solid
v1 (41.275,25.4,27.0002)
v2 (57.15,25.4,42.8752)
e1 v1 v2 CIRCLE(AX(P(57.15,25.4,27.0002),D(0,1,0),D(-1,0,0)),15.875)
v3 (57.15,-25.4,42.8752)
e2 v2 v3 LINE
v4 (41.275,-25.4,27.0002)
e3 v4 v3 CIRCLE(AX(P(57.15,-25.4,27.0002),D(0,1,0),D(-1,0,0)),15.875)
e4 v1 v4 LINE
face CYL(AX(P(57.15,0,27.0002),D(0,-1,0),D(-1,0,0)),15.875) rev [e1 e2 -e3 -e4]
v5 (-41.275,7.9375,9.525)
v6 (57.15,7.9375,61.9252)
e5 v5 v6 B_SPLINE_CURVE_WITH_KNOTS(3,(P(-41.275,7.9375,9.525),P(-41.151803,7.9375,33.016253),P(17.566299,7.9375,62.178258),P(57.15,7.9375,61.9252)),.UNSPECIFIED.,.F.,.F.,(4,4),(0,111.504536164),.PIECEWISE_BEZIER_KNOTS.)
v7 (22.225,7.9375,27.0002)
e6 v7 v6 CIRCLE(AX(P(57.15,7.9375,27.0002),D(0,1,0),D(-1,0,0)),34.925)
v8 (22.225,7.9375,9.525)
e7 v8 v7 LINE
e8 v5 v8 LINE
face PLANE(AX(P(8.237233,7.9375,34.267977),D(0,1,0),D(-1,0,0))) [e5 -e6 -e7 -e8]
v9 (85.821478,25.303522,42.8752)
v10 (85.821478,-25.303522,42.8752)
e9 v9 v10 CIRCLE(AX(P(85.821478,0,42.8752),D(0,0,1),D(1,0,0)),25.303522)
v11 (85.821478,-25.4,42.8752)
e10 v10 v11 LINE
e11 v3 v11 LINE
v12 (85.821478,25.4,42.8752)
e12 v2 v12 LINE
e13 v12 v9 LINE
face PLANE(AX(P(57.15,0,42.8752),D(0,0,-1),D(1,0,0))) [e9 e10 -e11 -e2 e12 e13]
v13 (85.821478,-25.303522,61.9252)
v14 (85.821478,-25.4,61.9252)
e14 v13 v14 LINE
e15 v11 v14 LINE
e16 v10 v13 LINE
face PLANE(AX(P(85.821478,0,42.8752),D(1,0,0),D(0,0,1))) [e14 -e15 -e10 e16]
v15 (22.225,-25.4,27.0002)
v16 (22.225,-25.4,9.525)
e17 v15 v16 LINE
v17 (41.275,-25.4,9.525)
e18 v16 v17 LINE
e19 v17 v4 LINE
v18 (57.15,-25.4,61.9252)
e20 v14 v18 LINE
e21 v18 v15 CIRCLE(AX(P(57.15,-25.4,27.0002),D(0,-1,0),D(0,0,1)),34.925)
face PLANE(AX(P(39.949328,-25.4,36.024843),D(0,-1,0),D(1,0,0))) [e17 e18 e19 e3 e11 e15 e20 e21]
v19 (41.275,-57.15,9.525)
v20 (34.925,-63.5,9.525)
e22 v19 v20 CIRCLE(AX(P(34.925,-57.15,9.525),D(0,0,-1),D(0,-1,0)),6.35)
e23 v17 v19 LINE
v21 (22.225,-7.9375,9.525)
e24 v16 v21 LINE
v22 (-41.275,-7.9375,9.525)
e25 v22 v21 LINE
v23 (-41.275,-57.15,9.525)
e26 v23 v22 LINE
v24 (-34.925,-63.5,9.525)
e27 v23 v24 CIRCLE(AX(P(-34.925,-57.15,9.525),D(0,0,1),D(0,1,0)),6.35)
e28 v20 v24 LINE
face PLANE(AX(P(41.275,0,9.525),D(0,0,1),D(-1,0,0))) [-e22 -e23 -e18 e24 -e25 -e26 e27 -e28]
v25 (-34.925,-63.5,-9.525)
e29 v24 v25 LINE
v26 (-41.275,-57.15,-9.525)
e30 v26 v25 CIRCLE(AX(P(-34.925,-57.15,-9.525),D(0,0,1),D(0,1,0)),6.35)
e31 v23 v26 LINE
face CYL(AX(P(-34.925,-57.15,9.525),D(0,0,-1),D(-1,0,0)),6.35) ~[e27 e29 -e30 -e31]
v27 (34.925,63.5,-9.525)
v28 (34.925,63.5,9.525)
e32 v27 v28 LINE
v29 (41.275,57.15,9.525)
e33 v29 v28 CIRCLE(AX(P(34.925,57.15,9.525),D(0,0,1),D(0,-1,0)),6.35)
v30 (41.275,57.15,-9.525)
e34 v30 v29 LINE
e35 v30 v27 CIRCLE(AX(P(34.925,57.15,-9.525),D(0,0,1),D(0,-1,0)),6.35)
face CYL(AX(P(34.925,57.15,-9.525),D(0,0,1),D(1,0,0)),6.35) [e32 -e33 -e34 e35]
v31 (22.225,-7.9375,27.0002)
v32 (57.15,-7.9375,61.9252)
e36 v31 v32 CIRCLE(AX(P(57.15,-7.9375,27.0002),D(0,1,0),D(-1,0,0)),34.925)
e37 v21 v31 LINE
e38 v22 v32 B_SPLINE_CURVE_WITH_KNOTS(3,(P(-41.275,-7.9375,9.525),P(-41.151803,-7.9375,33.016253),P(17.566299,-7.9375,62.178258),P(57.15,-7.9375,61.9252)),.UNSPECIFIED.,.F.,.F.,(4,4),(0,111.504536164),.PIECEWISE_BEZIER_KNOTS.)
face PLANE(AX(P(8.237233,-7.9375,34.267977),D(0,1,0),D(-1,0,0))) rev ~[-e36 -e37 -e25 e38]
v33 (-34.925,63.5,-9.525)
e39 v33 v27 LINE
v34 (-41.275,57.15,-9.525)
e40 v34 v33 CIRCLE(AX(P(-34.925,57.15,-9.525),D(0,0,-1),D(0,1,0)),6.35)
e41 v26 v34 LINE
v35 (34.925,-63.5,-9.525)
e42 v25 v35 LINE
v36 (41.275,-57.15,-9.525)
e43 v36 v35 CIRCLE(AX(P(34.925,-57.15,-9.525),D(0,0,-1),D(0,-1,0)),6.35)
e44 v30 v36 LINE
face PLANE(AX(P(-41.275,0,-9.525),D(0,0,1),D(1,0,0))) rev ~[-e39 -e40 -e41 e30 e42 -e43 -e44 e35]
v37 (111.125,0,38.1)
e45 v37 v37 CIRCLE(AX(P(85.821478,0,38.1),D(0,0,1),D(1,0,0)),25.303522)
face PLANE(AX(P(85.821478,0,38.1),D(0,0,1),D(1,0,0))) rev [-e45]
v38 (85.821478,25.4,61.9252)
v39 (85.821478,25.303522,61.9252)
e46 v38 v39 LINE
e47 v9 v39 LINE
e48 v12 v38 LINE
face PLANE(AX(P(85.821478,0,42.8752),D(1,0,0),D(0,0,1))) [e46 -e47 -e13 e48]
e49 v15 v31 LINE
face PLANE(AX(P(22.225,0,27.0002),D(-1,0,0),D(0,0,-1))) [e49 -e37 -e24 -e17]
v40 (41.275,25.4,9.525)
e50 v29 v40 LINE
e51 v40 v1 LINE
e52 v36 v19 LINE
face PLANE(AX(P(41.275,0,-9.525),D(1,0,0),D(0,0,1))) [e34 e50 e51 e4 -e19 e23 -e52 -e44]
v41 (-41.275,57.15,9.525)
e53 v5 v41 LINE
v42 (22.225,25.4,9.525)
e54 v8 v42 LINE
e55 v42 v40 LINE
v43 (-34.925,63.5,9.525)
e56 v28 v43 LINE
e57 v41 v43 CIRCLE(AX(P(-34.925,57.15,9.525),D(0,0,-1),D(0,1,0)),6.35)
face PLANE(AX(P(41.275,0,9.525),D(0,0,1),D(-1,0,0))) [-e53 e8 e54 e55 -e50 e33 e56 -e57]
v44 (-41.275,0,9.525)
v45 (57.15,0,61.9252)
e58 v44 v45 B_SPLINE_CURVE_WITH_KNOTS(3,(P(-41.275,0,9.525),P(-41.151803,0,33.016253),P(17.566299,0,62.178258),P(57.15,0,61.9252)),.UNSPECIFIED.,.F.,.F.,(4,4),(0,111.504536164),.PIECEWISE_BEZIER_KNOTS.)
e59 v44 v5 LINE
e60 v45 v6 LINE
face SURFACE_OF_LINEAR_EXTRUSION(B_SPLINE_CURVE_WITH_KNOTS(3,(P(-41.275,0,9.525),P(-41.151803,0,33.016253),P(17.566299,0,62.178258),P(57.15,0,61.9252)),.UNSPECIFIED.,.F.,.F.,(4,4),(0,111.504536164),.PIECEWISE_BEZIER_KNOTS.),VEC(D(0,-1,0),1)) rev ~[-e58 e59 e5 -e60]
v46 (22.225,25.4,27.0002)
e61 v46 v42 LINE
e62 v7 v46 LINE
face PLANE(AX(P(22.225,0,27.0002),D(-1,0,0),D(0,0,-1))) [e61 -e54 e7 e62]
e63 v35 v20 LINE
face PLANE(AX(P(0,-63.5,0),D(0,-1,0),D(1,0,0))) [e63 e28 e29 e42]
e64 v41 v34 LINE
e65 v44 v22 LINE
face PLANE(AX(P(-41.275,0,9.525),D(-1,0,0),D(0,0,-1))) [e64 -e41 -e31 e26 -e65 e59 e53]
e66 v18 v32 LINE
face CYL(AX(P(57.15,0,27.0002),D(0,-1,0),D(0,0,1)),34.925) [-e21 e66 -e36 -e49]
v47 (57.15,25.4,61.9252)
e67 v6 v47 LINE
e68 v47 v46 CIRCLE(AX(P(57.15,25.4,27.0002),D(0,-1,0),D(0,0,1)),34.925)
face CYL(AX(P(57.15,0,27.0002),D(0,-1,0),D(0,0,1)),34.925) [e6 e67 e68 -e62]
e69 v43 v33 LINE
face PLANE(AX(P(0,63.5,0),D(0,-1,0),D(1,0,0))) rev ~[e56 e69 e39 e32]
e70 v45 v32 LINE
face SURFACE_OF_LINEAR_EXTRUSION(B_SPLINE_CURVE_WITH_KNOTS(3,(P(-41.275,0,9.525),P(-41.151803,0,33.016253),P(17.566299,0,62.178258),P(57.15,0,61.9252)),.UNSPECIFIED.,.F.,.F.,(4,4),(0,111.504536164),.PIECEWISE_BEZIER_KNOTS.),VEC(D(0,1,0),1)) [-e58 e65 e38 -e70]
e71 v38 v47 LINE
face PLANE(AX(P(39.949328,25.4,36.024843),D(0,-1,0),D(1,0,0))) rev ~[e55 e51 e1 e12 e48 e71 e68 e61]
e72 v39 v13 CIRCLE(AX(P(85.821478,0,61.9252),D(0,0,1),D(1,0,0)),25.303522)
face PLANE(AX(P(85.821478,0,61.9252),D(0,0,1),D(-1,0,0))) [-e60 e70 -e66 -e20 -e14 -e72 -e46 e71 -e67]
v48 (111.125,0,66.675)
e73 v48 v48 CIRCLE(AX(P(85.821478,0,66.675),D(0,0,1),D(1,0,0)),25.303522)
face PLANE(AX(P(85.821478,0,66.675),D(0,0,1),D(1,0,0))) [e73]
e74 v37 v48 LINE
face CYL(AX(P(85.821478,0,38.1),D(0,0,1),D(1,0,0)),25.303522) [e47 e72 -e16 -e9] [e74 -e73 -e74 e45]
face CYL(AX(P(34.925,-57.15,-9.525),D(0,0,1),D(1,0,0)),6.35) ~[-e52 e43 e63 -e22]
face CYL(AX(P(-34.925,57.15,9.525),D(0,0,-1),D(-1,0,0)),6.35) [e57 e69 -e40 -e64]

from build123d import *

# Parameters (mm, degrees)
F1_DEPTH = 63.5
F0_W     = 25.4964783202
F0_H     = 19.05
F2_DEPTH = 25.4
F3_DEPTH = 7.9375
F4_DEPTH = 25.4
F6_R     = 6.35


with BuildPart() as f1:
    # F0 (on Front) → F1 (new body, symmetric)
    with BuildSketch(Plane.XZ):
        Polygon((-41.275, -9.525), (41.275, -9.525), (41.275, 9.525), (22.225, 9.525), (-41.275, 9.525), align=None)
    extrude(amount=F1_DEPTH, both=True)

    # F0 (on Front) → F2 (join, symmetric)
    with BuildSketch(Plane.XZ):
        with BuildLine():
            Line((22.225, 9.525), (41.275, 9.525))
            Line((41.275, 9.525), (41.275, 27.0002))
            ThreePointArc((41.275, 27.0002), (45.9246798487, 38.2255201513), (57.15, 42.8752))
            Line((57.15, 42.8752), (60.325, 42.8752))
            Line((60.325, 42.8752), (60.325, 61.9252))
            Line((60.325, 61.9252), (57.15, 61.9252))
            ThreePointArc((57.15, 61.9252), (32.4542956671, 51.6959043329), (22.225, 27.0002))
            Line((22.225, 27.0002), (22.225, 9.525))
        make_face()
        with Locations((73.0732391601, 52.4002)):
            Rectangle(F0_W, F0_H)
    extrude(amount=F2_DEPTH, both=True)

    # F0 (on Front) → F3 (join, symmetric)
    with BuildSketch(Plane.XZ):
        with BuildLine():
            add(Edge.make_bspline(
                [(-41.275, 9.525), (-41.1518029869, 33.0162532628), (17.5662990659, 62.1782578528), (57.15, 61.9252)],
                knots=[0, 0, 0, 0, 111.5045361635, 111.5045361635, 111.5045361635, 111.5045361635], degree=3))
            Line((-41.275, 9.525), (22.225, 9.525))
            Line((22.225, 9.525), (22.225, 27.0002))
            ThreePointArc((22.225, 27.0002), (32.4542956671, 51.6959043329), (57.15, 61.9252))
        make_face()
    extrude(amount=F3_DEPTH, both=True)

    # F0 (on Front) → F4 (join)
    with BuildSketch(Plane.XZ):
        Polygon((-41.275, -9.525), (41.275, -9.525), (41.275, 9.525), (22.225, 9.525), (-41.275, 9.525), align=None)
    extrude(amount=F4_DEPTH)

    # F0 (on Front) → F5 (revolve)
    with BuildSketch(Plane.XZ):
        Polygon((85.8214783202, 66.675), (85.8214783202, 61.9252), (85.8214783202, 42.8752), (85.8214783202, 38.1), (111.125, 38.1), (111.125, 66.675), align=None)
    revolve(axis=Axis((85.8214783202, 0, 52.3875), (0, 0, 1)))

    # F6
    f6_edges = [f1.edges().sort_by_distance(p)[0] for p in [
        (-41.275, -63.5, 0),
        (41.275, -63.5, 0),
        (-41.275, 63.5, 0),
        (41.275, 63.5, 0),
    ]]
    fillet(f6_edges, radius=F6_R)


solid = f1.part
